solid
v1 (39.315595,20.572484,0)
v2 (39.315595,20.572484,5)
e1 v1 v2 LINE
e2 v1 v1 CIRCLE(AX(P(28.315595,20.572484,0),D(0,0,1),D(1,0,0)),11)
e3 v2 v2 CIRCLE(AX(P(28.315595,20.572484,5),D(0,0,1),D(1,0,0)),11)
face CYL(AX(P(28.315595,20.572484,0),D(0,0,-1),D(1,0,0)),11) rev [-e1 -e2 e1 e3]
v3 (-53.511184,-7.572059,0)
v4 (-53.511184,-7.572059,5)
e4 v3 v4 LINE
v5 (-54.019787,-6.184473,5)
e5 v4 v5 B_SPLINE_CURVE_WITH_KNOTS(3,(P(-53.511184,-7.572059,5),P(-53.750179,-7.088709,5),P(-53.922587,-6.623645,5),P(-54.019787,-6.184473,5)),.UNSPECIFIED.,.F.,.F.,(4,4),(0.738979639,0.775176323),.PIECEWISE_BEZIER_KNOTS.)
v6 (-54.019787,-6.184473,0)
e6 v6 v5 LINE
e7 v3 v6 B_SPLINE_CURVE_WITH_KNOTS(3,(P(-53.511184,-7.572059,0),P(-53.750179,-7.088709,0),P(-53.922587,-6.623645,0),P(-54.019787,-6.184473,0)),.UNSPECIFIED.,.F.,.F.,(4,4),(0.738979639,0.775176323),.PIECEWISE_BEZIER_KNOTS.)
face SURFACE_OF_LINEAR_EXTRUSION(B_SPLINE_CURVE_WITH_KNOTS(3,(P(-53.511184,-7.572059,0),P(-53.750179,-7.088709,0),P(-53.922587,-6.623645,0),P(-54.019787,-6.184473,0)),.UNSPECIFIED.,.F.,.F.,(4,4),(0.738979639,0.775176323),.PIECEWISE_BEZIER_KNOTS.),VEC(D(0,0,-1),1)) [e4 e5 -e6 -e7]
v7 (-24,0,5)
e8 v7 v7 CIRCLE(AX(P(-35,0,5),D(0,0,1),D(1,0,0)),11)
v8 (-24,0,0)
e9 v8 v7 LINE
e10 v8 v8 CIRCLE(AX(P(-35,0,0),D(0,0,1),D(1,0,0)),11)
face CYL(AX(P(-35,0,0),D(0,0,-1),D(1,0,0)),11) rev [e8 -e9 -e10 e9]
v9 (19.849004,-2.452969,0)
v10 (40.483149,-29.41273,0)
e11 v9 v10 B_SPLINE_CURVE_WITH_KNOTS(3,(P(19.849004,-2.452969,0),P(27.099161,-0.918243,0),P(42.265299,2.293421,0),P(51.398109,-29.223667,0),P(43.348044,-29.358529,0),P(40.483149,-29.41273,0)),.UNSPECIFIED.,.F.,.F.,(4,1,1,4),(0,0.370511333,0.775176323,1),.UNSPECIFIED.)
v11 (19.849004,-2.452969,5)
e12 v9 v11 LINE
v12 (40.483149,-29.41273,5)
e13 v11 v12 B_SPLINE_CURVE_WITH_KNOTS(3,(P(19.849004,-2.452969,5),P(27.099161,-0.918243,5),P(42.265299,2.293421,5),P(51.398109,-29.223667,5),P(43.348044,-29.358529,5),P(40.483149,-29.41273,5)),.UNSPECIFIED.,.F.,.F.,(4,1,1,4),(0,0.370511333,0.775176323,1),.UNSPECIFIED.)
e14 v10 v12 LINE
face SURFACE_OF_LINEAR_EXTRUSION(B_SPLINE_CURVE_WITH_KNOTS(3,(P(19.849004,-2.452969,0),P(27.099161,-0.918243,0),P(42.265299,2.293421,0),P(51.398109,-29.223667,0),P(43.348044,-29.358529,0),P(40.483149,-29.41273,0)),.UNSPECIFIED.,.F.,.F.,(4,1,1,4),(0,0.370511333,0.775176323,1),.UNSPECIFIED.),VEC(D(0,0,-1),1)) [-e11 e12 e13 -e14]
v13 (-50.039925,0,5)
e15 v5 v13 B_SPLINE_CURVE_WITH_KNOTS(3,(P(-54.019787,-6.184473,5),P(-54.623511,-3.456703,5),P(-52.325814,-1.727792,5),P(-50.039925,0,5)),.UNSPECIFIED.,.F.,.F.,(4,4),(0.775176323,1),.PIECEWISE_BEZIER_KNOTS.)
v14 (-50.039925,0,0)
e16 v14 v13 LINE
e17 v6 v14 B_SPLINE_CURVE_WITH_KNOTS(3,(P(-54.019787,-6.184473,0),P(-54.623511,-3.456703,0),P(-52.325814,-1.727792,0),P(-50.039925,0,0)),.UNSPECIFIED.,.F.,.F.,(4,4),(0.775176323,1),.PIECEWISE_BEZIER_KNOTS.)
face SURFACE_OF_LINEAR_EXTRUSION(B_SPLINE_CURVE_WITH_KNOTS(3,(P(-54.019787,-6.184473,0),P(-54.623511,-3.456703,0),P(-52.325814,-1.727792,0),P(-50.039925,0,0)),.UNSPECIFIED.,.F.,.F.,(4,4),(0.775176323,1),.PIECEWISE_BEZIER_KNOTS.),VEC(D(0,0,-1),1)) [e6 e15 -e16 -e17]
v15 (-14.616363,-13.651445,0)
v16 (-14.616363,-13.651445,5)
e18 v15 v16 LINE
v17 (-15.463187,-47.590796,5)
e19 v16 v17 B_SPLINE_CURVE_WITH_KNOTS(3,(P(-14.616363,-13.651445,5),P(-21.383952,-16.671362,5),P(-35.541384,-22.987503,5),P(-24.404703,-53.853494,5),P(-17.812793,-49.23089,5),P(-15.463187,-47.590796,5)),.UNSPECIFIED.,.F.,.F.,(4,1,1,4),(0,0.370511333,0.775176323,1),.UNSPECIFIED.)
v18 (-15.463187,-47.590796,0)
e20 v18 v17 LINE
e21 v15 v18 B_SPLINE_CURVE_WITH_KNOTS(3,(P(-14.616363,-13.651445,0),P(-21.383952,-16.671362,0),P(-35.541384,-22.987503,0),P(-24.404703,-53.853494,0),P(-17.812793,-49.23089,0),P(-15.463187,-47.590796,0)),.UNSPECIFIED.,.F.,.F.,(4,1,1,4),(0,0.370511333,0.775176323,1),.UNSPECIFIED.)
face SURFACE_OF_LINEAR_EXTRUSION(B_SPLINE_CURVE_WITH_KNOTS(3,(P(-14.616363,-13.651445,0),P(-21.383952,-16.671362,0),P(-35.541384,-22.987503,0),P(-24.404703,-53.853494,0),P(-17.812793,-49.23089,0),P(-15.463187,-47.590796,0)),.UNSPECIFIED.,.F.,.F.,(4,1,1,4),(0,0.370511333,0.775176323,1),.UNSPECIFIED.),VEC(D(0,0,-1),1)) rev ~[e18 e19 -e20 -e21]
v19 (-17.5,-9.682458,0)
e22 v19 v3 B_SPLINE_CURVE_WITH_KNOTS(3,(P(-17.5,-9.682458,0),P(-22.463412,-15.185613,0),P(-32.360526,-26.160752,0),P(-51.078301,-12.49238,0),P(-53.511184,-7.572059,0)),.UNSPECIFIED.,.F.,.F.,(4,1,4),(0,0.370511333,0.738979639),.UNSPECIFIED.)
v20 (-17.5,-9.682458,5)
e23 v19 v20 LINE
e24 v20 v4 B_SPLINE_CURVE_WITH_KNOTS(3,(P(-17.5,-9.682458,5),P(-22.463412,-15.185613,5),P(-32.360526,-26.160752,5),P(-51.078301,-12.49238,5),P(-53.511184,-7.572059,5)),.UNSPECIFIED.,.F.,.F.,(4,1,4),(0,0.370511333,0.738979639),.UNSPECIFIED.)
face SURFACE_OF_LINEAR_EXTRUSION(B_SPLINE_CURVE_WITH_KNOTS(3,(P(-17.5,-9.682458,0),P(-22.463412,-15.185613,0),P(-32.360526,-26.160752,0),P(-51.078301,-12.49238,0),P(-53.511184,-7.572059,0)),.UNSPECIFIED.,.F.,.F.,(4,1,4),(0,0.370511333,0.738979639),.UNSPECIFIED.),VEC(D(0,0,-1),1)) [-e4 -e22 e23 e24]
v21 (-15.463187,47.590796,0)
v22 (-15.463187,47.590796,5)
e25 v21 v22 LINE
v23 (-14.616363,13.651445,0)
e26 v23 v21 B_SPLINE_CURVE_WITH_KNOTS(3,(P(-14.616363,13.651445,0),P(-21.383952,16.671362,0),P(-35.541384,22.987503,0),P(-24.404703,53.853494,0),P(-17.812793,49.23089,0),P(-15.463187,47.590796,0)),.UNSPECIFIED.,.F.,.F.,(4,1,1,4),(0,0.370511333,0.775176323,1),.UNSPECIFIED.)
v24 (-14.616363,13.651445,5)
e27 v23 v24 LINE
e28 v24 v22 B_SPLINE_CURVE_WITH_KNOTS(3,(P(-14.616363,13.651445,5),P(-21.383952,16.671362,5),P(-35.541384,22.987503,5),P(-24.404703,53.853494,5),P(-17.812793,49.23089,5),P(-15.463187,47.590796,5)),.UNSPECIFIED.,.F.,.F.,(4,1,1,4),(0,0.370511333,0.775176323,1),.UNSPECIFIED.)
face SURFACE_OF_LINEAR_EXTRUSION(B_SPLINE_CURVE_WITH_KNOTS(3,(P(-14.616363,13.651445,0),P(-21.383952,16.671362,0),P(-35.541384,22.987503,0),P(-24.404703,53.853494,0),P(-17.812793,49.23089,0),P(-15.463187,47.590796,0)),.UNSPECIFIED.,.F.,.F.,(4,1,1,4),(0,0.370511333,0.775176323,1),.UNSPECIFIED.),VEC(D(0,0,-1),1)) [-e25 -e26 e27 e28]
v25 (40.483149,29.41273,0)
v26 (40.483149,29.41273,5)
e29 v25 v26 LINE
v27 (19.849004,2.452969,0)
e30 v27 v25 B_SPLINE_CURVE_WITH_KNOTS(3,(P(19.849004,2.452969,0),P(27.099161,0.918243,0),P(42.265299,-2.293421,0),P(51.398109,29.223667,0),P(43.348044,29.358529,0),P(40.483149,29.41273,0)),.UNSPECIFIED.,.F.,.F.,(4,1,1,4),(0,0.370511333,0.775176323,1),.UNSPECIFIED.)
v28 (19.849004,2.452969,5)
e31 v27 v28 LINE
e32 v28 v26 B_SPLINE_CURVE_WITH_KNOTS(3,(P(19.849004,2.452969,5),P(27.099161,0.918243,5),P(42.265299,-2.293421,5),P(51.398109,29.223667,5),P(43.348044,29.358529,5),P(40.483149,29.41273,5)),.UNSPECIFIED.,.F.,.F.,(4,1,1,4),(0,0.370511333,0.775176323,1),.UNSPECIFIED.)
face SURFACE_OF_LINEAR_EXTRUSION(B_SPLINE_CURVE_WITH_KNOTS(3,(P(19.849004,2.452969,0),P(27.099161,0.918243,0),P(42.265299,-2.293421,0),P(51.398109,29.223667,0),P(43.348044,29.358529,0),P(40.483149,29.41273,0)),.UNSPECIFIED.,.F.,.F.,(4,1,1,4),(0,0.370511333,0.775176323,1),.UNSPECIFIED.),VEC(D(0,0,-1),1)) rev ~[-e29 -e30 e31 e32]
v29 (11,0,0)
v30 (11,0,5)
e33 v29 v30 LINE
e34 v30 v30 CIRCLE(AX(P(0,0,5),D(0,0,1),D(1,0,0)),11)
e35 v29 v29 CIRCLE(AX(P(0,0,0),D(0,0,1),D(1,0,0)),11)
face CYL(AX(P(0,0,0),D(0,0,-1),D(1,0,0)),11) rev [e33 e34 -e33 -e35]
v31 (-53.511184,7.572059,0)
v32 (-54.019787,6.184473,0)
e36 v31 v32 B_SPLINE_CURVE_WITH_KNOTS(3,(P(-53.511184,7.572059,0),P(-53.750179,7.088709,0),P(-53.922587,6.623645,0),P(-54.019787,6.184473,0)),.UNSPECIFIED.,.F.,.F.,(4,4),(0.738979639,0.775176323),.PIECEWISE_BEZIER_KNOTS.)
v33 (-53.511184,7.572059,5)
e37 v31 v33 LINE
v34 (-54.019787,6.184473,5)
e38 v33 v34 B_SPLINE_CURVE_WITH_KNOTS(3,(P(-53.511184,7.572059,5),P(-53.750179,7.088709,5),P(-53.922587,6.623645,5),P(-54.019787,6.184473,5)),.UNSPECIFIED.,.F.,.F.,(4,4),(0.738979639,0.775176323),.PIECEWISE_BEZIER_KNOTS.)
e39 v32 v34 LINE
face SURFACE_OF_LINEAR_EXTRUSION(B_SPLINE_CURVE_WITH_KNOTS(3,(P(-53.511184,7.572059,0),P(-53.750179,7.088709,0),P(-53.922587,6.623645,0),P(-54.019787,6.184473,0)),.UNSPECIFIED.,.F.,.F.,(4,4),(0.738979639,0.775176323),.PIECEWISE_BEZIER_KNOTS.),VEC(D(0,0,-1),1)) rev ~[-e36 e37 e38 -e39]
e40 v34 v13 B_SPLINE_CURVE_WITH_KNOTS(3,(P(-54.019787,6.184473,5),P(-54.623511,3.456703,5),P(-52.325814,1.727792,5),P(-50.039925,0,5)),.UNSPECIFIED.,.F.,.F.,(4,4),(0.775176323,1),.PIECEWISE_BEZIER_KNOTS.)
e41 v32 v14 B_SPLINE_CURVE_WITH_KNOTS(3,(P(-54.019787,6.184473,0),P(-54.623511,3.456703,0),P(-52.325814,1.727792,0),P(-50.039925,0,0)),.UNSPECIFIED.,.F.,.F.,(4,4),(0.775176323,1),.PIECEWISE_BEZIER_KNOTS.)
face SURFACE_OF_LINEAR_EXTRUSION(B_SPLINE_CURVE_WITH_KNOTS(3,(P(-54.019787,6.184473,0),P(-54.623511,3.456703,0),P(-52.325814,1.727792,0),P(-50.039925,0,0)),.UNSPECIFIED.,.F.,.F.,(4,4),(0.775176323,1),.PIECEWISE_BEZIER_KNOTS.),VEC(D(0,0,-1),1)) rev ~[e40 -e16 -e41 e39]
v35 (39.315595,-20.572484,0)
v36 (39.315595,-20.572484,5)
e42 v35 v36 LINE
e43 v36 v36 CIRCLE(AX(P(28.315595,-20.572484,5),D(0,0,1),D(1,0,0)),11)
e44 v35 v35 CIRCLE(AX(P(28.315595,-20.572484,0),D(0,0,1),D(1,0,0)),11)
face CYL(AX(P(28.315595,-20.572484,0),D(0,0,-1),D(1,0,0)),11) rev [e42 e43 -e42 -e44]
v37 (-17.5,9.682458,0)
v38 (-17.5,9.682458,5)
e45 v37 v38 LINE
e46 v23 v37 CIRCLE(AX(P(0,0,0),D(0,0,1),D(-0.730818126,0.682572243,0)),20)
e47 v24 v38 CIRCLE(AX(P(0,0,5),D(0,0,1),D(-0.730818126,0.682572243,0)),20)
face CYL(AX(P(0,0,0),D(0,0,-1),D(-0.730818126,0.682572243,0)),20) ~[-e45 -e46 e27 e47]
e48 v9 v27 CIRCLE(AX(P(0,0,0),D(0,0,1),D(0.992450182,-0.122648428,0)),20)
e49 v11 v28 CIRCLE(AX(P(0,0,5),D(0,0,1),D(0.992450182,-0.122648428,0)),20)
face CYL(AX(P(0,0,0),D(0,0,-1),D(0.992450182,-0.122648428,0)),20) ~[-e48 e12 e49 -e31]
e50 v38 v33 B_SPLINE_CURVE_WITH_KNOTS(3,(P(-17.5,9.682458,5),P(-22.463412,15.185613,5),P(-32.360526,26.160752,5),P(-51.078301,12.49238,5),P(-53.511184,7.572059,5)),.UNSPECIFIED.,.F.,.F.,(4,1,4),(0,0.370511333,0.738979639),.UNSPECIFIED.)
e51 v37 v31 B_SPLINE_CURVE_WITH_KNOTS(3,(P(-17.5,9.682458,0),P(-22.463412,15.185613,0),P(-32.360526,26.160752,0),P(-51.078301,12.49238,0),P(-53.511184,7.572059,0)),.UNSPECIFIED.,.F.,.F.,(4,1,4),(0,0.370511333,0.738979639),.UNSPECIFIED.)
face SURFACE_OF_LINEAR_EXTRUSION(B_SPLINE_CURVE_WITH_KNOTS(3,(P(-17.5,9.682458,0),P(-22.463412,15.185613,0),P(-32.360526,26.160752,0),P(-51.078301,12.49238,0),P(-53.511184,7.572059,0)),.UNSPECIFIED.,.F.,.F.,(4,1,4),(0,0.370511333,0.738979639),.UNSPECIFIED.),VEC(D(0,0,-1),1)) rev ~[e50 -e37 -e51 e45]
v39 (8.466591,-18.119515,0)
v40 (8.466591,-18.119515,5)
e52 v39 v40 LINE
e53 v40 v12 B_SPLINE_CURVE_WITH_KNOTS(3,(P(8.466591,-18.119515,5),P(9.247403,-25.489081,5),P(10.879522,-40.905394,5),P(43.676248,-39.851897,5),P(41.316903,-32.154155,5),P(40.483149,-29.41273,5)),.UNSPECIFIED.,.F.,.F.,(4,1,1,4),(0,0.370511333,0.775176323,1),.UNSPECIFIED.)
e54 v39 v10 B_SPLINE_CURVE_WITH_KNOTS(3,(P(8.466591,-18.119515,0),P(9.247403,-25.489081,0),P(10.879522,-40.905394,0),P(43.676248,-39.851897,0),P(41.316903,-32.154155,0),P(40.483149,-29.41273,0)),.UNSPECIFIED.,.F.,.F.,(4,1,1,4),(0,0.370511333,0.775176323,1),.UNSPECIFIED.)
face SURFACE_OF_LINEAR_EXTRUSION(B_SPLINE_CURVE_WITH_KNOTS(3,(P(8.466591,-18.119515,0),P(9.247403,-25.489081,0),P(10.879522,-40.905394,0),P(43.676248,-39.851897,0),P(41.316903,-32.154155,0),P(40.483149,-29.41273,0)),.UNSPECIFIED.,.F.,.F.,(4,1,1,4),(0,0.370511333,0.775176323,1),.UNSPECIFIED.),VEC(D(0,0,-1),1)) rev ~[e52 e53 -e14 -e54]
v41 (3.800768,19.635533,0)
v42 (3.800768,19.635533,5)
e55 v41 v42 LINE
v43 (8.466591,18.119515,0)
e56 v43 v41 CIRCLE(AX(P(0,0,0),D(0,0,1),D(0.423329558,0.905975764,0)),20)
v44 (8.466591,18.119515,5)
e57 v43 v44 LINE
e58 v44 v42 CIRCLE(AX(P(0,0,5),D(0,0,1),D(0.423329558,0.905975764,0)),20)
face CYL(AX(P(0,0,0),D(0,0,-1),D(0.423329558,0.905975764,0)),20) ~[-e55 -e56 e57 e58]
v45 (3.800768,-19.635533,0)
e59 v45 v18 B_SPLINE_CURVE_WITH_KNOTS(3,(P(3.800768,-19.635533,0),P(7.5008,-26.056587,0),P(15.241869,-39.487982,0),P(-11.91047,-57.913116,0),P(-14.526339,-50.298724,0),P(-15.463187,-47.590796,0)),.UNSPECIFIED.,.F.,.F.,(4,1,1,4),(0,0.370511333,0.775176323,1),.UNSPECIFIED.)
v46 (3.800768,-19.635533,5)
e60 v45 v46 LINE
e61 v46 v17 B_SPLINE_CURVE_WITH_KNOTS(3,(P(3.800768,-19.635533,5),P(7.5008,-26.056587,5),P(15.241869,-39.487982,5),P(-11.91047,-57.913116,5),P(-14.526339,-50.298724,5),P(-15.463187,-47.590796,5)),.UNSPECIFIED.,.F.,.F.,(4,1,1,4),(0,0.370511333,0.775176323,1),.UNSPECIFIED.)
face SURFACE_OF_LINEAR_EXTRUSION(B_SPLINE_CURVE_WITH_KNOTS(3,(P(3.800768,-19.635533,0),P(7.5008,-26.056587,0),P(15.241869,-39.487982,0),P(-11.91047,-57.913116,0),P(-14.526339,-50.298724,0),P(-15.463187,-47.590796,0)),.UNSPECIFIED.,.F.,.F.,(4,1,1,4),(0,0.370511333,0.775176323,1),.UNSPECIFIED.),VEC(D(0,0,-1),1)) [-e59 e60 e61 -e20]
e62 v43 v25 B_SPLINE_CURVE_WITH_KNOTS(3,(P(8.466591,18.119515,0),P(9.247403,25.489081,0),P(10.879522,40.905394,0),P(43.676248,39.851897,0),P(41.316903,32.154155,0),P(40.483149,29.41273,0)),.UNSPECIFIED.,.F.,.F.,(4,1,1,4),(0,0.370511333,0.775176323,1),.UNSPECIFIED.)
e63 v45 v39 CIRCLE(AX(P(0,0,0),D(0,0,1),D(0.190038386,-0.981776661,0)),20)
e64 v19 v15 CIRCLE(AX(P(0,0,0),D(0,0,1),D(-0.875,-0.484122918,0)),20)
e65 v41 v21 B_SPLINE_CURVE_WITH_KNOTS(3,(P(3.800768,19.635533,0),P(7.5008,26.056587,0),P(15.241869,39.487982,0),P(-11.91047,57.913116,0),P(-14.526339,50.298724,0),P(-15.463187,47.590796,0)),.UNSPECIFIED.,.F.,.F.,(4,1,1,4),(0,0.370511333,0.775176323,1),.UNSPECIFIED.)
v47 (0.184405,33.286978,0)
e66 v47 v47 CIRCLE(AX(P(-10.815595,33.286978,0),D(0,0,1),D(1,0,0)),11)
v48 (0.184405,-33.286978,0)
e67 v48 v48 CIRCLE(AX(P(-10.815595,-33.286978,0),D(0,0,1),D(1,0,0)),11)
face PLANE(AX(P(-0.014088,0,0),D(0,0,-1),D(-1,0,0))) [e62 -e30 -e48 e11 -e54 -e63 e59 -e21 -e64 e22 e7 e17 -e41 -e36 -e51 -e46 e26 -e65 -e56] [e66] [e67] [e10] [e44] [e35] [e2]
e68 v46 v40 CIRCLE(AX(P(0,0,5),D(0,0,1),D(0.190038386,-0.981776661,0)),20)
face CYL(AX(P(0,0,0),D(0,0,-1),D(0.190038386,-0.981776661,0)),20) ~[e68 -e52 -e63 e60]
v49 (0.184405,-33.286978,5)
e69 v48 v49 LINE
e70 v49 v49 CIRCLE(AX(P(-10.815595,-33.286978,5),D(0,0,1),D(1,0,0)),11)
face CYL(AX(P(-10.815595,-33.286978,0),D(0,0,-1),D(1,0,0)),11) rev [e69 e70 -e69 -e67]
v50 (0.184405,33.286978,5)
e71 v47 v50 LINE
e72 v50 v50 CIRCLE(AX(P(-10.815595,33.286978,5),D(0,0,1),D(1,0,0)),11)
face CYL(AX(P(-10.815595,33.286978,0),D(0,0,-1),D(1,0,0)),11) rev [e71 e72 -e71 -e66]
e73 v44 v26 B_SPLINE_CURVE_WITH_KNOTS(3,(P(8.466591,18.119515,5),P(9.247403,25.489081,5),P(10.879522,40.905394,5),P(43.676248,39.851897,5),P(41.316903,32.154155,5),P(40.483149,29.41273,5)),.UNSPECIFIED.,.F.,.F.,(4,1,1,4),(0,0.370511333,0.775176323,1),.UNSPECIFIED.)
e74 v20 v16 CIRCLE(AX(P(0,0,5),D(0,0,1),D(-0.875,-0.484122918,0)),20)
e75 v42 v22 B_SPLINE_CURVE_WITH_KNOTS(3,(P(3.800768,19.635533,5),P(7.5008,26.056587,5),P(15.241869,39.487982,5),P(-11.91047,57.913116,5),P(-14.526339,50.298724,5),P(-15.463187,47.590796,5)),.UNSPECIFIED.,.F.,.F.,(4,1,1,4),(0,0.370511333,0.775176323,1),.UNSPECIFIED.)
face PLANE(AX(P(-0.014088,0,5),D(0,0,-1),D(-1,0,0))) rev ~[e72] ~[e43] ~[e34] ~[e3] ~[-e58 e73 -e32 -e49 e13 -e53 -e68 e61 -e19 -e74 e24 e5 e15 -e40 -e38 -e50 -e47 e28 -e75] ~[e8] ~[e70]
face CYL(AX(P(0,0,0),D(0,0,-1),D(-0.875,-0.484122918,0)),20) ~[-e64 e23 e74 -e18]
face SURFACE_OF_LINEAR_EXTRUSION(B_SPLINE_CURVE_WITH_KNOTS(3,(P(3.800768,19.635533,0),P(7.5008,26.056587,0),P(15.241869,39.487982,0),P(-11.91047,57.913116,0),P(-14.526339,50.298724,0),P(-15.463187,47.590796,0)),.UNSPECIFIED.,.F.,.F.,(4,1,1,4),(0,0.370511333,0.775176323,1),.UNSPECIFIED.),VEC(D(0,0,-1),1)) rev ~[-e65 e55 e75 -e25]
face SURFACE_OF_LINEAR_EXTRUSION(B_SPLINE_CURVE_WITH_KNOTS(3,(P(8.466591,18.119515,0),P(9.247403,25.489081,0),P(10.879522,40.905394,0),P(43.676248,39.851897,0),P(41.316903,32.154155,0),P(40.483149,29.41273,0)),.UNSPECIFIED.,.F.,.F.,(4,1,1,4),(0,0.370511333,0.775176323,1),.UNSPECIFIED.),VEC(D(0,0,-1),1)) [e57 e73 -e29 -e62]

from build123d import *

# Parameters (mm, degrees)
F0_R     = 11
F1_DEPTH = 5


with BuildPart() as f1:
    # F0 (on Top) → F1 (new body)
    with BuildSketch(Plane.XY):
        with BuildLine():
            add(Edge.make_bspline(
                [(-17.5, -9.6824583655), (-22.4634119347, -15.1856128896), (-32.3605255698, -26.1607520277), (-51.0783007106, -12.4923799065), (-53.5111836847, -7.5720590721)],
                knots=[0, 0, 0, 0, 0.3705113326, 0.7389796386, 0.7389796386, 0.7389796386, 0.7389796386], degree=3))
            ThreePointArc((-17.5, -9.6824583655), (-16.1803398875, -11.7557050458), (-14.6163625238, -13.6514448529))
            add(Edge.make_bspline(
                [(-14.6163625238, -13.6514448529), (-21.3839521321, -16.6713618458), (-35.5413841388, -22.9875025201), (-24.4047028305, -53.8534939772), (-17.8127933245, -49.2308898806), (-15.4631871237, -47.590796443)],
                knots=[0, 0, 0, 0, 0.3705113326, 0.7751763226, 1, 1, 1, 1], degree=3))
            add(Edge.make_bspline(
                [(3.8007677207, -19.6355332174), (7.5008000532, -26.0565867516), (15.2418688036, -39.4879816399), (-11.9104702117, -57.9131162444), (-14.5263385123, -50.2987237798), (-15.4631871237, -47.590796443)],
                knots=[0, 0, 0, 0, 0.3705113326, 0.7751763226, 1, 1, 1, 1], degree=3))
            ThreePointArc((3.8007677207, -19.6355332174), (6.1803398875, -19.0211303259), (8.4665911684, -18.1195152802))
            add(Edge.make_bspline(
                [(8.4665911684, -18.1195152802), (9.2474027033, -25.4890811491), (10.8795223626, -40.9053939203), (43.676248455, -39.8518965006), (41.3169027694, -32.1541547859), (40.4831494643, -29.4127297534)],
                knots=[0, 0, 0, 0, 0.3705113326, 0.7751763226, 1, 1, 1, 1], degree=3))
            add(Edge.make_bspline(
                [(19.8490036347, -2.4529685501), (27.0991613104, -0.9182433537), (42.2652987403, 2.2934212459), (51.3981088768, -29.2236674237), (43.3480435458, -29.3585293433), (40.4831494643, -29.4127297534)],
                knots=[0, 0, 0, 0, 0.3705113326, 0.7751763226, 1, 1, 1, 1], degree=3))
            ThreePointArc((19.8490036347, -2.4529685501), (20, 0), (19.8490036347, 2.4529685501))
            add(Edge.make_bspline(
                [(19.8490036347, 2.4529685501), (27.0991613104, 0.9182433537), (42.2652987403, -2.2934212459), (51.3981088768, 29.2236674237), (43.3480435458, 29.3585293433), (40.4831494643, 29.4127297534)],
                knots=[0, 0, 0, 0, 0.3705113326, 0.7751763226, 1, 1, 1, 1], degree=3))
            add(Edge.make_bspline(
                [(8.4665911684, 18.1195152802), (9.2474027033, 25.4890811491), (10.8795223626, 40.9053939203), (43.676248455, 39.8518965006), (41.3169027694, 32.1541547859), (40.4831494643, 29.4127297534)],
                knots=[0, 0, 0, 0, 0.3705113326, 0.7751763226, 1, 1, 1, 1], degree=3))
            ThreePointArc((8.4665911684, 18.1195152802), (6.1803398875, 19.0211303259), (3.8007677207, 19.6355332174))
            add(Edge.make_bspline(
                [(3.8007677207, 19.6355332174), (7.5008000532, 26.0565867516), (15.2418688036, 39.4879816399), (-11.9104702117, 57.9131162444), (-14.5263385123, 50.2987237798), (-15.4631871237, 47.590796443)],
                knots=[0, 0, 0, 0, 0.3705113326, 0.7751763226, 1, 1, 1, 1], degree=3))
            add(Edge.make_bspline(
                [(-14.6163625238, 13.6514448529), (-21.3839521321, 16.6713618458), (-35.5413841388, 22.9875025201), (-24.4047028305, 53.8534939772), (-17.8127933245, 49.2308898806), (-15.4631871237, 47.590796443)],
                knots=[0, 0, 0, 0, 0.3705113326, 0.7751763226, 1, 1, 1, 1], degree=3))
            ThreePointArc((-14.6163625238, 13.6514448529), (-16.1803398875, 11.7557050458), (-17.5, 9.6824583655))
            add(Edge.make_bspline(
                [(-17.5, 9.6824583655), (-22.4634119347, 15.1856128896), (-32.3605255698, 26.1607520277), (-51.0783007106, 12.4923799065), (-53.5111836847, 7.5720590721)],
                knots=[0, 0, 0, 0, 0.3705113326, 0.7389796386, 0.7389796386, 0.7389796386, 0.7389796386], degree=3))
            ThreePointArc((-53.5111836847, 7.5720590721), (-53.7783062452, 6.8829655354), (-54.0197868236, 6.1844732342))
            add(Edge.make_bspline(
                [(-54.0197868236, 6.1844732342), (-54.6235109003, 3.4567025562), (-52.3258144785, 1.7277915434), (-50.0399246812, 0)],
                knots=[0.7751763226, 0.7751763226, 0.7751763226, 0.7751763226, 1, 1, 1, 1], degree=3))
            add(Edge.make_bspline(
                [(-54.0197868236, -6.1844732342), (-54.6235109003, -3.4567025562), (-52.3258144785, -1.7277915434), (-50.0399246812, 0)],
                knots=[0.7751763226, 0.7751763226, 0.7751763226, 0.7751763226, 1, 1, 1, 1], degree=3))
            ThreePointArc((-54.0197868236, -6.1844732342), (-53.7783062452, -6.8829655354), (-53.5111836847, -7.5720590721))
        make_face()
        with Locations((-10.8155948031, -33.2869780703)):
            Circle(F0_R, mode=Mode.SUBTRACT)
        with Locations((-35, 0)):
            Circle(F0_R, mode=Mode.SUBTRACT)
        Circle(F0_R, mode=Mode.SUBTRACT)
        with Locations((28.3155948031, -20.5724838302)):
            Circle(F0_R, mode=Mode.SUBTRACT)
        with Locations((-10.8155948031, 33.2869780703)):
            Circle(F0_R, mode=Mode.SUBTRACT)
        with Locations((28.3155948031, 20.5724838302)):
            Circle(F0_R, mode=Mode.SUBTRACT)
        with BuildLine():
            add(Edge.make_bspline(
                [(-53.5111836847, 7.5720590721), (-53.7501792643, 7.088708684), (-53.9225870539, 6.6236451869), (-54.0197868236, 6.1844732342)],
                knots=[0.7389796386, 0.7389796386, 0.7389796386, 0.7389796386, 0.7751763226, 0.7751763226, 0.7751763226, 0.7751763226], degree=3))
            ThreePointArc((-54.0197868236, 6.1844732342), (-53.7783062452, 6.8829655354), (-53.5111836847, 7.5720590721))
        make_face()
        with BuildLine():
            add(Edge.make_bspline(
                [(-53.5111836847, -7.5720590721), (-53.7501792643, -7.088708684), (-53.9225870539, -6.6236451869), (-54.0197868236, -6.1844732342)],
                knots=[0.7389796386, 0.7389796386, 0.7389796386, 0.7389796386, 0.7751763226, 0.7751763226, 0.7751763226, 0.7751763226], degree=3))
            ThreePointArc((-53.5111836847, -7.5720590721), (-53.7783062452, -6.8829655354), (-54.0197868236, -6.1844732342))
        make_face()
    extrude(amount=F1_DEPTH)


solid = f1.part
